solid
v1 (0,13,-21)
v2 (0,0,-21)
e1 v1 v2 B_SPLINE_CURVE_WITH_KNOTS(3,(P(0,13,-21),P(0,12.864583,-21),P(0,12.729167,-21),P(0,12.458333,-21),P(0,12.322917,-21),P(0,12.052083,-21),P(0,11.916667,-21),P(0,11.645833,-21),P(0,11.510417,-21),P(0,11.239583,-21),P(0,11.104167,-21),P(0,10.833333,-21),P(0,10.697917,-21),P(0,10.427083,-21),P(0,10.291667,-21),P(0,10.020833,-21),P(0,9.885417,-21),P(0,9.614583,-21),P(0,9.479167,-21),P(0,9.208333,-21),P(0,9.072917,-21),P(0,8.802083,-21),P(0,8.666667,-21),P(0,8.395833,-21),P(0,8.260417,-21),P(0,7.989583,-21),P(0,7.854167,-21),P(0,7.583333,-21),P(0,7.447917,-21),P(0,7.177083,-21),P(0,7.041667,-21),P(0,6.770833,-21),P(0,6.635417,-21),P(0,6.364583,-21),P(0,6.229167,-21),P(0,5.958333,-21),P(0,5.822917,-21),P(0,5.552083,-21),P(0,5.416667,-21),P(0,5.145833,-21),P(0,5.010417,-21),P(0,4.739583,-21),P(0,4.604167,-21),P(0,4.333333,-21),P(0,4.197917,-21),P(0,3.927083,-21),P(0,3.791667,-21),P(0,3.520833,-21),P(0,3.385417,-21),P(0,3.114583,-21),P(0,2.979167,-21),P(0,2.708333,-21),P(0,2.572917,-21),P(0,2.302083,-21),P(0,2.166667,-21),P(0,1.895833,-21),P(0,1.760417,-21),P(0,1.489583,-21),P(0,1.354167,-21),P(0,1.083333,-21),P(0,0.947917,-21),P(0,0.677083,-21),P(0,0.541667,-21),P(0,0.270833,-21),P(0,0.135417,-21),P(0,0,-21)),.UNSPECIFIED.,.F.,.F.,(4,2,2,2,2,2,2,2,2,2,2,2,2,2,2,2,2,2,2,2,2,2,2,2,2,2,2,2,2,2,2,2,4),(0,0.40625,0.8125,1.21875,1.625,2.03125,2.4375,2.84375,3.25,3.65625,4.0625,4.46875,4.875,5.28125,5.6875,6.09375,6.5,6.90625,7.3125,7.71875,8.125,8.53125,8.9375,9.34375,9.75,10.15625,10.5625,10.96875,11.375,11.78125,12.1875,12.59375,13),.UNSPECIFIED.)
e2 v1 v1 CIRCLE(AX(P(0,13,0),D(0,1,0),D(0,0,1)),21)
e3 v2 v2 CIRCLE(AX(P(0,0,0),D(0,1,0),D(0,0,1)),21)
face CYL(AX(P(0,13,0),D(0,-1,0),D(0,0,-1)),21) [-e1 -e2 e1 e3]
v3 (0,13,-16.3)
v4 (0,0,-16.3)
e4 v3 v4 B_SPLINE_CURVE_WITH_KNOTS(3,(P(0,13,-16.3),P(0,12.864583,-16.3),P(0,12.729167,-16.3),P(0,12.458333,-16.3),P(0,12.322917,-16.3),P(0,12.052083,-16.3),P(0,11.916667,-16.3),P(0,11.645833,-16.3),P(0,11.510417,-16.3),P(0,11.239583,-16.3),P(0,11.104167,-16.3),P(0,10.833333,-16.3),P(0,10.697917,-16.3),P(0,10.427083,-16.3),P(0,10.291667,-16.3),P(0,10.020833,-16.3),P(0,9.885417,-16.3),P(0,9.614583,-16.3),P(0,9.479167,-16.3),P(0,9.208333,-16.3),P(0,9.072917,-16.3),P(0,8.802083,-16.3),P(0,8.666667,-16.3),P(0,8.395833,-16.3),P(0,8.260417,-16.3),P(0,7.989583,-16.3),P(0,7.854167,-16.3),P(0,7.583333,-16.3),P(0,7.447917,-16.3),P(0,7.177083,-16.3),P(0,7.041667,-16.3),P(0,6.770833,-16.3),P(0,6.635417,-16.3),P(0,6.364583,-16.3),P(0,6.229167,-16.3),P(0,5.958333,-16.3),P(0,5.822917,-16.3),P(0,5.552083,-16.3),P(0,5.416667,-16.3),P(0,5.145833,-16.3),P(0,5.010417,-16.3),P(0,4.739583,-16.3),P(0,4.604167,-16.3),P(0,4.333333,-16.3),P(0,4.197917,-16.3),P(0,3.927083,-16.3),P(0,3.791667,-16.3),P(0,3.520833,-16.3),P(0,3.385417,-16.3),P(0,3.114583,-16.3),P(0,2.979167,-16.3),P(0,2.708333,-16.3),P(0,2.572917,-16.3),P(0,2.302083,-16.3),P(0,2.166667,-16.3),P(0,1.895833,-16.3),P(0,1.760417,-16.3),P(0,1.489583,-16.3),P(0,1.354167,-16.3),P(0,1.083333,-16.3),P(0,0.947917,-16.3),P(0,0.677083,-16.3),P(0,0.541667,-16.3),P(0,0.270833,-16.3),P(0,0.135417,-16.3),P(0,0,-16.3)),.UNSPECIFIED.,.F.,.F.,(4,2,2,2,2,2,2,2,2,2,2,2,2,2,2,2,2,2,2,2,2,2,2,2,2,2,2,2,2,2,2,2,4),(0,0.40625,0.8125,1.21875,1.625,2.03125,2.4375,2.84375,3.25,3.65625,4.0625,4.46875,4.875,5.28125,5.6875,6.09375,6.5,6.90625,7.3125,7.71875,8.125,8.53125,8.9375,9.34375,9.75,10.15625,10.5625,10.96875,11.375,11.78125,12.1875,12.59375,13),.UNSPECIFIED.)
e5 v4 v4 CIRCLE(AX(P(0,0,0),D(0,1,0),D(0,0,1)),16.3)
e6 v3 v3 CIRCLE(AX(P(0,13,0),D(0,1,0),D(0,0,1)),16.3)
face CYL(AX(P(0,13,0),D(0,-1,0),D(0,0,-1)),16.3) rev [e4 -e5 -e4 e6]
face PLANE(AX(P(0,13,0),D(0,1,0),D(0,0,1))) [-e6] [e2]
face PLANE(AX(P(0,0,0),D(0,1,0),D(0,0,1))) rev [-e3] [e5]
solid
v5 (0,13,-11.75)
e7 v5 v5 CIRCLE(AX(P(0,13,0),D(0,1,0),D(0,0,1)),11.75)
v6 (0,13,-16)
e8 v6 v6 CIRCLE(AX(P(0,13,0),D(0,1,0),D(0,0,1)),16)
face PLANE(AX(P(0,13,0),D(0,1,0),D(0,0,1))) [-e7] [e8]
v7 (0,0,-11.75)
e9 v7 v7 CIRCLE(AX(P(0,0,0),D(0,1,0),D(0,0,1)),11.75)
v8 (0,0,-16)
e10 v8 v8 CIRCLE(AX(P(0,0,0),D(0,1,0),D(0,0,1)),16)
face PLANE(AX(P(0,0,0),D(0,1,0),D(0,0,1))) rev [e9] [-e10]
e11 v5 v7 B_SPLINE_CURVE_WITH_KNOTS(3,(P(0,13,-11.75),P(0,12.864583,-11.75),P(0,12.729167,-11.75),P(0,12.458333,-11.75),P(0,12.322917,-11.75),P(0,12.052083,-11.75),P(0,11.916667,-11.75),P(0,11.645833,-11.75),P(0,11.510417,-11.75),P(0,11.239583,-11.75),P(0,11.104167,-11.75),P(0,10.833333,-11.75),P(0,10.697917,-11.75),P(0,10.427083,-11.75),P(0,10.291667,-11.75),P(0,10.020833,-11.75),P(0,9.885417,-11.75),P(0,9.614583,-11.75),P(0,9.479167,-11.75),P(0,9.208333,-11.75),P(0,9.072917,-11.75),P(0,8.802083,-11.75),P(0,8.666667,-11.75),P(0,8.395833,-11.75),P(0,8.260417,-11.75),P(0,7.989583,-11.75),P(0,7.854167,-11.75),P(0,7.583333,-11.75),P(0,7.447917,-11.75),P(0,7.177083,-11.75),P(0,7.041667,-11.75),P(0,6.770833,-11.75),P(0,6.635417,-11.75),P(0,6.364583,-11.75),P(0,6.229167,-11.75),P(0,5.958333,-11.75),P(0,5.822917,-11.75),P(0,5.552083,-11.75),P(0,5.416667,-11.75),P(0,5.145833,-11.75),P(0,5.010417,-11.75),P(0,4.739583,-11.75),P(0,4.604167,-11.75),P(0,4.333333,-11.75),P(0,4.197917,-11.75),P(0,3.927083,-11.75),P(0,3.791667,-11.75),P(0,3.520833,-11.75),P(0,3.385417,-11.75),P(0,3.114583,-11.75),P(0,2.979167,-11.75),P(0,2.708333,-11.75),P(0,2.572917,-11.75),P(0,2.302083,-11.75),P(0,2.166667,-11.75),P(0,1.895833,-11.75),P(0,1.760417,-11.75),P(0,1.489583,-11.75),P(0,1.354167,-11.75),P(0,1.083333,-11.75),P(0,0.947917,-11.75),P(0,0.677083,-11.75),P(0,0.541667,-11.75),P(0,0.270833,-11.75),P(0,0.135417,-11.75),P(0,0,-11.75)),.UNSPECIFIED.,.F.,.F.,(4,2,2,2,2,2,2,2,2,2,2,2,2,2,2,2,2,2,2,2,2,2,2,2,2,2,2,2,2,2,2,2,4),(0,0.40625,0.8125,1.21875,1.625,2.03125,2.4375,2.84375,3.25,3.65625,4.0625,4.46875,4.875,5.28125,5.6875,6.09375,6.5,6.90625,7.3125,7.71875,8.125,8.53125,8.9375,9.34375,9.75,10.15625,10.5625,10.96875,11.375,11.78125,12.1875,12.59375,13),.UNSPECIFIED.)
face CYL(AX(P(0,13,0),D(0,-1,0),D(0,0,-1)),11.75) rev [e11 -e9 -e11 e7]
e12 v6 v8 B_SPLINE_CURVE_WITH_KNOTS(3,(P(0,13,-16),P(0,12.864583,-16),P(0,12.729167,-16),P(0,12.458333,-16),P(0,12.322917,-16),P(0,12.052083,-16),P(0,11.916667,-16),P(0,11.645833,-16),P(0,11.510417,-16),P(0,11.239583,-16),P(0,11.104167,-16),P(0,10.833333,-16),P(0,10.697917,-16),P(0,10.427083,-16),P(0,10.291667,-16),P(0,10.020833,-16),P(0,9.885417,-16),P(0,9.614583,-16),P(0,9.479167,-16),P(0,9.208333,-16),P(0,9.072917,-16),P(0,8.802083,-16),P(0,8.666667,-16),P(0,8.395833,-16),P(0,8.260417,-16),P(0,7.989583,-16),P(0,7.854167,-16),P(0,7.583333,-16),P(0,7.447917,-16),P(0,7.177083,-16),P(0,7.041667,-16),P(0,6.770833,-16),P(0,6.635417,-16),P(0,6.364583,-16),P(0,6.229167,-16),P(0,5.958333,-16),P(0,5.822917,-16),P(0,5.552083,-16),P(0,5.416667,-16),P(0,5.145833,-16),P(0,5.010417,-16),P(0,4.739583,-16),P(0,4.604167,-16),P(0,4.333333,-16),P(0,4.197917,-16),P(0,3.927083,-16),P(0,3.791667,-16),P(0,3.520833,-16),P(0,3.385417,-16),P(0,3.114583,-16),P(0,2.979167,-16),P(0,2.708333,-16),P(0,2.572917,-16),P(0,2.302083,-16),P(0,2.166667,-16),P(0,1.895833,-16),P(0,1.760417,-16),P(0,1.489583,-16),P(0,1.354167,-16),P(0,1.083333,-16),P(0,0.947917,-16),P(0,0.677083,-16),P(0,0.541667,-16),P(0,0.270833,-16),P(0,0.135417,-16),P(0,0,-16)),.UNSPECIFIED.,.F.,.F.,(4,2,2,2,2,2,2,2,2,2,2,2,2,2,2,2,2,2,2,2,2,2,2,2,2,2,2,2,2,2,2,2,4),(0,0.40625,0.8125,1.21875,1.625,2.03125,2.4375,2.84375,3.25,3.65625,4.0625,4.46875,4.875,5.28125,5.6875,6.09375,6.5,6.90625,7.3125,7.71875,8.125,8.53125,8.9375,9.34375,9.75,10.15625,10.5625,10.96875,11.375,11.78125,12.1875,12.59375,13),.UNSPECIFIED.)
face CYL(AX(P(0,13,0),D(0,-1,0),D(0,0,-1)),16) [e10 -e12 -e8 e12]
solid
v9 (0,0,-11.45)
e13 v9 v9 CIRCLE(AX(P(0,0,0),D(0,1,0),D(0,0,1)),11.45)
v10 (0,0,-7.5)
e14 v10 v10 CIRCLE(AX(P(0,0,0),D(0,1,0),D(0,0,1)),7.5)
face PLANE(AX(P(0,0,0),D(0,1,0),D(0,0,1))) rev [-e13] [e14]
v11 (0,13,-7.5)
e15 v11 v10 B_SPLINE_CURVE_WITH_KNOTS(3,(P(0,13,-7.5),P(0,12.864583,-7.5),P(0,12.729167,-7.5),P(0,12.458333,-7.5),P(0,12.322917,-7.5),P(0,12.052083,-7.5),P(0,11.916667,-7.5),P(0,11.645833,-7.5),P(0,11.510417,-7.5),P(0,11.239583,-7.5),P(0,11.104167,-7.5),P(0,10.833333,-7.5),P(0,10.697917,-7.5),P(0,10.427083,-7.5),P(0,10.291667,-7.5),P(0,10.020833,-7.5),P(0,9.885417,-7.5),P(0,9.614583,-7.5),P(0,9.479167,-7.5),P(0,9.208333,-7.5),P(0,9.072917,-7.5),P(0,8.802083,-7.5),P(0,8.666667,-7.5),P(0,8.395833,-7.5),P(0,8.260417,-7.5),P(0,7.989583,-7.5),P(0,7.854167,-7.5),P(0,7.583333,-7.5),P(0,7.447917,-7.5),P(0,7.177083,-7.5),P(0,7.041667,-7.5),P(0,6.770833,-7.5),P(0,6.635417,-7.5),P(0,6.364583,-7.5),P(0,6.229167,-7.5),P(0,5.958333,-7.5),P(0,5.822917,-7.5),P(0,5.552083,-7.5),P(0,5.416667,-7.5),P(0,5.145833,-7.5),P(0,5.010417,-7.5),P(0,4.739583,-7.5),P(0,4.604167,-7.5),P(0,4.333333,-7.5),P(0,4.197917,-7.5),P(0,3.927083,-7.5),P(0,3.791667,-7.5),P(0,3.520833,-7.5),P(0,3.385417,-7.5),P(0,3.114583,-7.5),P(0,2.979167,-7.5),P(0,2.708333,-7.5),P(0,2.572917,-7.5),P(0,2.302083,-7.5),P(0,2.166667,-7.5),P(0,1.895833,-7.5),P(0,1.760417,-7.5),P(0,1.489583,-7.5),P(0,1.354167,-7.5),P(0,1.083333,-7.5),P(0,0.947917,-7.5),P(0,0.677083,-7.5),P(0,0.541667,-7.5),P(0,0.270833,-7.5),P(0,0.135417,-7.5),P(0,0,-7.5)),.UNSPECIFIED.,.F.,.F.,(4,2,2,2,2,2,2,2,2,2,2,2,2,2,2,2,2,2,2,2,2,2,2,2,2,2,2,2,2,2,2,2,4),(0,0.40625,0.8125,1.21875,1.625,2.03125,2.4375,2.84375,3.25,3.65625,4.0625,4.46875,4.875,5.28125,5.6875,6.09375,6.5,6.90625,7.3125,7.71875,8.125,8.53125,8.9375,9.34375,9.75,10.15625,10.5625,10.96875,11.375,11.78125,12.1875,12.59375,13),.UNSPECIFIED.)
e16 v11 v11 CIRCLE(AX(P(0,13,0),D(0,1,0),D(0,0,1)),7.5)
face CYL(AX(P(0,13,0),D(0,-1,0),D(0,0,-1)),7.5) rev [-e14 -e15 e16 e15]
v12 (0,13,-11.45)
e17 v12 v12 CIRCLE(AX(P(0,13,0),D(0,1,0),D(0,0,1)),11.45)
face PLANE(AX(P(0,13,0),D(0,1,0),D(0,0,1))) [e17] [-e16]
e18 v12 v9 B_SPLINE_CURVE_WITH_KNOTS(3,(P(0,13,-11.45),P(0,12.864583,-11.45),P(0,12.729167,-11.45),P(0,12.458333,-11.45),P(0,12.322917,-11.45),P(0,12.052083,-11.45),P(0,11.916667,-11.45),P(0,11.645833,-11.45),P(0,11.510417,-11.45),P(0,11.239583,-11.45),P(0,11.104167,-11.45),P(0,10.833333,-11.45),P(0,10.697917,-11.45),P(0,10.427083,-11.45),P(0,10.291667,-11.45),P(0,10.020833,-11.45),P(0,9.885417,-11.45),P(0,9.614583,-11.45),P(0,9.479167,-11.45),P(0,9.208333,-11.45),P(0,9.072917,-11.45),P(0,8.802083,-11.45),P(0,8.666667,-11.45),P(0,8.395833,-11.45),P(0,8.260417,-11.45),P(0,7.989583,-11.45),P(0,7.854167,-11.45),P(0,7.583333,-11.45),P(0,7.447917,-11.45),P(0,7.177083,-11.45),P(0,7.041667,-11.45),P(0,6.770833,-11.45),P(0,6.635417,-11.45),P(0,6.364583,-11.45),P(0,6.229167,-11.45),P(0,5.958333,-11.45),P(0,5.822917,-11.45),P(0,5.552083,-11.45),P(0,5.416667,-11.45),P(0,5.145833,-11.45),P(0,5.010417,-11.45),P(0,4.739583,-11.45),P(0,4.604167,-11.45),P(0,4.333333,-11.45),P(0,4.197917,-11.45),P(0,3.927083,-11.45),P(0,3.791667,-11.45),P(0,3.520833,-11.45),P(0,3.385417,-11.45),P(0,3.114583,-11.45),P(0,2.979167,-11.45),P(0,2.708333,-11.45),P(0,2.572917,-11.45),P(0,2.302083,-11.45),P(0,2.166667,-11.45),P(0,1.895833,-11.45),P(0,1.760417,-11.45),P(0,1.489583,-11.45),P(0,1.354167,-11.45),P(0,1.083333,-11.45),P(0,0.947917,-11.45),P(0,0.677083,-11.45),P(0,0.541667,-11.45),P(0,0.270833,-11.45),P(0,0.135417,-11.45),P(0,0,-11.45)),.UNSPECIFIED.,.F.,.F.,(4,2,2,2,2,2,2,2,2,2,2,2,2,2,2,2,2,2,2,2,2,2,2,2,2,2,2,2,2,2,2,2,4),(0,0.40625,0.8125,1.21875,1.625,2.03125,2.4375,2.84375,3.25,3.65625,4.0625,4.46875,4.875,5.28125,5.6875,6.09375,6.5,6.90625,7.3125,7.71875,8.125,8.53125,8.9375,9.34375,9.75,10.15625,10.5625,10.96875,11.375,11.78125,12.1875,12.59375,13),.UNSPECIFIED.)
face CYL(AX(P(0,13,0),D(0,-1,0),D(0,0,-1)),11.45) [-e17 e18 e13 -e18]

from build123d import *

# Parameters (mm, degrees)
SKETCH1_R           = 21
SKETCH1_R_2         = 16.3
BOSS_EXTRUDE1_DEPTH = 13
SKETCH2_R           = 16
SKETCH2_R_2         = 11.75
BOSS_EXTRUDE2_DEPTH = 13
SKETCH3_R           = 11.45
SKETCH3_R_2         = 7.5
BOSS_EXTRUDE4_DEPTH = 13


with BuildPart() as part:
    # Sketch1 → Boss-Extrude1 (new body)
    with BuildSketch(Plane(origin=(0, 0, 0), x_dir=(1, 0, 0), z_dir=(0, 1, 0))):
        with Locations(Location((0, 0, 0), (0, 0, 90))):
            Circle(SKETCH1_R)
        with Locations(Location((0, 0, 0), (0, 0, 90))):
            Circle(SKETCH1_R_2, mode=Mode.SUBTRACT)
    extrude(amount=BOSS_EXTRUDE1_DEPTH)


with BuildPart() as body_2:
    # Sketch2 → Boss-Extrude2 (new body)
    with BuildSketch(Plane(origin=(0, 0, 0), x_dir=(1, 0, 0), z_dir=(0, 1, 0))):
        with Locations(Location((0, 0, 0), (0, 0, 90))):
            Circle(SKETCH2_R)
        with Locations(Location((0, 0, 0), (0, 0, 90))):
            Circle(SKETCH2_R_2, mode=Mode.SUBTRACT)
    extrude(amount=BOSS_EXTRUDE2_DEPTH)


with BuildPart() as body_3:
    # Sketch3 → Boss-Extrude4 (new body)
    with BuildSketch(Plane(origin=(0, 0, 0), x_dir=(1, 0, 0), z_dir=(0, 1, 0))):
        with Locations(Location((0, 0, 0), (0, 0, 90))):
            Circle(SKETCH3_R)
        with Locations(Location((0, 0, 0), (0, 0, 90))):
            Circle(SKETCH3_R_2, mode=Mode.SUBTRACT)
    extrude(amount=BOSS_EXTRUDE4_DEPTH)


solid = Compound([part.part, body_2.part, body_3.part])
